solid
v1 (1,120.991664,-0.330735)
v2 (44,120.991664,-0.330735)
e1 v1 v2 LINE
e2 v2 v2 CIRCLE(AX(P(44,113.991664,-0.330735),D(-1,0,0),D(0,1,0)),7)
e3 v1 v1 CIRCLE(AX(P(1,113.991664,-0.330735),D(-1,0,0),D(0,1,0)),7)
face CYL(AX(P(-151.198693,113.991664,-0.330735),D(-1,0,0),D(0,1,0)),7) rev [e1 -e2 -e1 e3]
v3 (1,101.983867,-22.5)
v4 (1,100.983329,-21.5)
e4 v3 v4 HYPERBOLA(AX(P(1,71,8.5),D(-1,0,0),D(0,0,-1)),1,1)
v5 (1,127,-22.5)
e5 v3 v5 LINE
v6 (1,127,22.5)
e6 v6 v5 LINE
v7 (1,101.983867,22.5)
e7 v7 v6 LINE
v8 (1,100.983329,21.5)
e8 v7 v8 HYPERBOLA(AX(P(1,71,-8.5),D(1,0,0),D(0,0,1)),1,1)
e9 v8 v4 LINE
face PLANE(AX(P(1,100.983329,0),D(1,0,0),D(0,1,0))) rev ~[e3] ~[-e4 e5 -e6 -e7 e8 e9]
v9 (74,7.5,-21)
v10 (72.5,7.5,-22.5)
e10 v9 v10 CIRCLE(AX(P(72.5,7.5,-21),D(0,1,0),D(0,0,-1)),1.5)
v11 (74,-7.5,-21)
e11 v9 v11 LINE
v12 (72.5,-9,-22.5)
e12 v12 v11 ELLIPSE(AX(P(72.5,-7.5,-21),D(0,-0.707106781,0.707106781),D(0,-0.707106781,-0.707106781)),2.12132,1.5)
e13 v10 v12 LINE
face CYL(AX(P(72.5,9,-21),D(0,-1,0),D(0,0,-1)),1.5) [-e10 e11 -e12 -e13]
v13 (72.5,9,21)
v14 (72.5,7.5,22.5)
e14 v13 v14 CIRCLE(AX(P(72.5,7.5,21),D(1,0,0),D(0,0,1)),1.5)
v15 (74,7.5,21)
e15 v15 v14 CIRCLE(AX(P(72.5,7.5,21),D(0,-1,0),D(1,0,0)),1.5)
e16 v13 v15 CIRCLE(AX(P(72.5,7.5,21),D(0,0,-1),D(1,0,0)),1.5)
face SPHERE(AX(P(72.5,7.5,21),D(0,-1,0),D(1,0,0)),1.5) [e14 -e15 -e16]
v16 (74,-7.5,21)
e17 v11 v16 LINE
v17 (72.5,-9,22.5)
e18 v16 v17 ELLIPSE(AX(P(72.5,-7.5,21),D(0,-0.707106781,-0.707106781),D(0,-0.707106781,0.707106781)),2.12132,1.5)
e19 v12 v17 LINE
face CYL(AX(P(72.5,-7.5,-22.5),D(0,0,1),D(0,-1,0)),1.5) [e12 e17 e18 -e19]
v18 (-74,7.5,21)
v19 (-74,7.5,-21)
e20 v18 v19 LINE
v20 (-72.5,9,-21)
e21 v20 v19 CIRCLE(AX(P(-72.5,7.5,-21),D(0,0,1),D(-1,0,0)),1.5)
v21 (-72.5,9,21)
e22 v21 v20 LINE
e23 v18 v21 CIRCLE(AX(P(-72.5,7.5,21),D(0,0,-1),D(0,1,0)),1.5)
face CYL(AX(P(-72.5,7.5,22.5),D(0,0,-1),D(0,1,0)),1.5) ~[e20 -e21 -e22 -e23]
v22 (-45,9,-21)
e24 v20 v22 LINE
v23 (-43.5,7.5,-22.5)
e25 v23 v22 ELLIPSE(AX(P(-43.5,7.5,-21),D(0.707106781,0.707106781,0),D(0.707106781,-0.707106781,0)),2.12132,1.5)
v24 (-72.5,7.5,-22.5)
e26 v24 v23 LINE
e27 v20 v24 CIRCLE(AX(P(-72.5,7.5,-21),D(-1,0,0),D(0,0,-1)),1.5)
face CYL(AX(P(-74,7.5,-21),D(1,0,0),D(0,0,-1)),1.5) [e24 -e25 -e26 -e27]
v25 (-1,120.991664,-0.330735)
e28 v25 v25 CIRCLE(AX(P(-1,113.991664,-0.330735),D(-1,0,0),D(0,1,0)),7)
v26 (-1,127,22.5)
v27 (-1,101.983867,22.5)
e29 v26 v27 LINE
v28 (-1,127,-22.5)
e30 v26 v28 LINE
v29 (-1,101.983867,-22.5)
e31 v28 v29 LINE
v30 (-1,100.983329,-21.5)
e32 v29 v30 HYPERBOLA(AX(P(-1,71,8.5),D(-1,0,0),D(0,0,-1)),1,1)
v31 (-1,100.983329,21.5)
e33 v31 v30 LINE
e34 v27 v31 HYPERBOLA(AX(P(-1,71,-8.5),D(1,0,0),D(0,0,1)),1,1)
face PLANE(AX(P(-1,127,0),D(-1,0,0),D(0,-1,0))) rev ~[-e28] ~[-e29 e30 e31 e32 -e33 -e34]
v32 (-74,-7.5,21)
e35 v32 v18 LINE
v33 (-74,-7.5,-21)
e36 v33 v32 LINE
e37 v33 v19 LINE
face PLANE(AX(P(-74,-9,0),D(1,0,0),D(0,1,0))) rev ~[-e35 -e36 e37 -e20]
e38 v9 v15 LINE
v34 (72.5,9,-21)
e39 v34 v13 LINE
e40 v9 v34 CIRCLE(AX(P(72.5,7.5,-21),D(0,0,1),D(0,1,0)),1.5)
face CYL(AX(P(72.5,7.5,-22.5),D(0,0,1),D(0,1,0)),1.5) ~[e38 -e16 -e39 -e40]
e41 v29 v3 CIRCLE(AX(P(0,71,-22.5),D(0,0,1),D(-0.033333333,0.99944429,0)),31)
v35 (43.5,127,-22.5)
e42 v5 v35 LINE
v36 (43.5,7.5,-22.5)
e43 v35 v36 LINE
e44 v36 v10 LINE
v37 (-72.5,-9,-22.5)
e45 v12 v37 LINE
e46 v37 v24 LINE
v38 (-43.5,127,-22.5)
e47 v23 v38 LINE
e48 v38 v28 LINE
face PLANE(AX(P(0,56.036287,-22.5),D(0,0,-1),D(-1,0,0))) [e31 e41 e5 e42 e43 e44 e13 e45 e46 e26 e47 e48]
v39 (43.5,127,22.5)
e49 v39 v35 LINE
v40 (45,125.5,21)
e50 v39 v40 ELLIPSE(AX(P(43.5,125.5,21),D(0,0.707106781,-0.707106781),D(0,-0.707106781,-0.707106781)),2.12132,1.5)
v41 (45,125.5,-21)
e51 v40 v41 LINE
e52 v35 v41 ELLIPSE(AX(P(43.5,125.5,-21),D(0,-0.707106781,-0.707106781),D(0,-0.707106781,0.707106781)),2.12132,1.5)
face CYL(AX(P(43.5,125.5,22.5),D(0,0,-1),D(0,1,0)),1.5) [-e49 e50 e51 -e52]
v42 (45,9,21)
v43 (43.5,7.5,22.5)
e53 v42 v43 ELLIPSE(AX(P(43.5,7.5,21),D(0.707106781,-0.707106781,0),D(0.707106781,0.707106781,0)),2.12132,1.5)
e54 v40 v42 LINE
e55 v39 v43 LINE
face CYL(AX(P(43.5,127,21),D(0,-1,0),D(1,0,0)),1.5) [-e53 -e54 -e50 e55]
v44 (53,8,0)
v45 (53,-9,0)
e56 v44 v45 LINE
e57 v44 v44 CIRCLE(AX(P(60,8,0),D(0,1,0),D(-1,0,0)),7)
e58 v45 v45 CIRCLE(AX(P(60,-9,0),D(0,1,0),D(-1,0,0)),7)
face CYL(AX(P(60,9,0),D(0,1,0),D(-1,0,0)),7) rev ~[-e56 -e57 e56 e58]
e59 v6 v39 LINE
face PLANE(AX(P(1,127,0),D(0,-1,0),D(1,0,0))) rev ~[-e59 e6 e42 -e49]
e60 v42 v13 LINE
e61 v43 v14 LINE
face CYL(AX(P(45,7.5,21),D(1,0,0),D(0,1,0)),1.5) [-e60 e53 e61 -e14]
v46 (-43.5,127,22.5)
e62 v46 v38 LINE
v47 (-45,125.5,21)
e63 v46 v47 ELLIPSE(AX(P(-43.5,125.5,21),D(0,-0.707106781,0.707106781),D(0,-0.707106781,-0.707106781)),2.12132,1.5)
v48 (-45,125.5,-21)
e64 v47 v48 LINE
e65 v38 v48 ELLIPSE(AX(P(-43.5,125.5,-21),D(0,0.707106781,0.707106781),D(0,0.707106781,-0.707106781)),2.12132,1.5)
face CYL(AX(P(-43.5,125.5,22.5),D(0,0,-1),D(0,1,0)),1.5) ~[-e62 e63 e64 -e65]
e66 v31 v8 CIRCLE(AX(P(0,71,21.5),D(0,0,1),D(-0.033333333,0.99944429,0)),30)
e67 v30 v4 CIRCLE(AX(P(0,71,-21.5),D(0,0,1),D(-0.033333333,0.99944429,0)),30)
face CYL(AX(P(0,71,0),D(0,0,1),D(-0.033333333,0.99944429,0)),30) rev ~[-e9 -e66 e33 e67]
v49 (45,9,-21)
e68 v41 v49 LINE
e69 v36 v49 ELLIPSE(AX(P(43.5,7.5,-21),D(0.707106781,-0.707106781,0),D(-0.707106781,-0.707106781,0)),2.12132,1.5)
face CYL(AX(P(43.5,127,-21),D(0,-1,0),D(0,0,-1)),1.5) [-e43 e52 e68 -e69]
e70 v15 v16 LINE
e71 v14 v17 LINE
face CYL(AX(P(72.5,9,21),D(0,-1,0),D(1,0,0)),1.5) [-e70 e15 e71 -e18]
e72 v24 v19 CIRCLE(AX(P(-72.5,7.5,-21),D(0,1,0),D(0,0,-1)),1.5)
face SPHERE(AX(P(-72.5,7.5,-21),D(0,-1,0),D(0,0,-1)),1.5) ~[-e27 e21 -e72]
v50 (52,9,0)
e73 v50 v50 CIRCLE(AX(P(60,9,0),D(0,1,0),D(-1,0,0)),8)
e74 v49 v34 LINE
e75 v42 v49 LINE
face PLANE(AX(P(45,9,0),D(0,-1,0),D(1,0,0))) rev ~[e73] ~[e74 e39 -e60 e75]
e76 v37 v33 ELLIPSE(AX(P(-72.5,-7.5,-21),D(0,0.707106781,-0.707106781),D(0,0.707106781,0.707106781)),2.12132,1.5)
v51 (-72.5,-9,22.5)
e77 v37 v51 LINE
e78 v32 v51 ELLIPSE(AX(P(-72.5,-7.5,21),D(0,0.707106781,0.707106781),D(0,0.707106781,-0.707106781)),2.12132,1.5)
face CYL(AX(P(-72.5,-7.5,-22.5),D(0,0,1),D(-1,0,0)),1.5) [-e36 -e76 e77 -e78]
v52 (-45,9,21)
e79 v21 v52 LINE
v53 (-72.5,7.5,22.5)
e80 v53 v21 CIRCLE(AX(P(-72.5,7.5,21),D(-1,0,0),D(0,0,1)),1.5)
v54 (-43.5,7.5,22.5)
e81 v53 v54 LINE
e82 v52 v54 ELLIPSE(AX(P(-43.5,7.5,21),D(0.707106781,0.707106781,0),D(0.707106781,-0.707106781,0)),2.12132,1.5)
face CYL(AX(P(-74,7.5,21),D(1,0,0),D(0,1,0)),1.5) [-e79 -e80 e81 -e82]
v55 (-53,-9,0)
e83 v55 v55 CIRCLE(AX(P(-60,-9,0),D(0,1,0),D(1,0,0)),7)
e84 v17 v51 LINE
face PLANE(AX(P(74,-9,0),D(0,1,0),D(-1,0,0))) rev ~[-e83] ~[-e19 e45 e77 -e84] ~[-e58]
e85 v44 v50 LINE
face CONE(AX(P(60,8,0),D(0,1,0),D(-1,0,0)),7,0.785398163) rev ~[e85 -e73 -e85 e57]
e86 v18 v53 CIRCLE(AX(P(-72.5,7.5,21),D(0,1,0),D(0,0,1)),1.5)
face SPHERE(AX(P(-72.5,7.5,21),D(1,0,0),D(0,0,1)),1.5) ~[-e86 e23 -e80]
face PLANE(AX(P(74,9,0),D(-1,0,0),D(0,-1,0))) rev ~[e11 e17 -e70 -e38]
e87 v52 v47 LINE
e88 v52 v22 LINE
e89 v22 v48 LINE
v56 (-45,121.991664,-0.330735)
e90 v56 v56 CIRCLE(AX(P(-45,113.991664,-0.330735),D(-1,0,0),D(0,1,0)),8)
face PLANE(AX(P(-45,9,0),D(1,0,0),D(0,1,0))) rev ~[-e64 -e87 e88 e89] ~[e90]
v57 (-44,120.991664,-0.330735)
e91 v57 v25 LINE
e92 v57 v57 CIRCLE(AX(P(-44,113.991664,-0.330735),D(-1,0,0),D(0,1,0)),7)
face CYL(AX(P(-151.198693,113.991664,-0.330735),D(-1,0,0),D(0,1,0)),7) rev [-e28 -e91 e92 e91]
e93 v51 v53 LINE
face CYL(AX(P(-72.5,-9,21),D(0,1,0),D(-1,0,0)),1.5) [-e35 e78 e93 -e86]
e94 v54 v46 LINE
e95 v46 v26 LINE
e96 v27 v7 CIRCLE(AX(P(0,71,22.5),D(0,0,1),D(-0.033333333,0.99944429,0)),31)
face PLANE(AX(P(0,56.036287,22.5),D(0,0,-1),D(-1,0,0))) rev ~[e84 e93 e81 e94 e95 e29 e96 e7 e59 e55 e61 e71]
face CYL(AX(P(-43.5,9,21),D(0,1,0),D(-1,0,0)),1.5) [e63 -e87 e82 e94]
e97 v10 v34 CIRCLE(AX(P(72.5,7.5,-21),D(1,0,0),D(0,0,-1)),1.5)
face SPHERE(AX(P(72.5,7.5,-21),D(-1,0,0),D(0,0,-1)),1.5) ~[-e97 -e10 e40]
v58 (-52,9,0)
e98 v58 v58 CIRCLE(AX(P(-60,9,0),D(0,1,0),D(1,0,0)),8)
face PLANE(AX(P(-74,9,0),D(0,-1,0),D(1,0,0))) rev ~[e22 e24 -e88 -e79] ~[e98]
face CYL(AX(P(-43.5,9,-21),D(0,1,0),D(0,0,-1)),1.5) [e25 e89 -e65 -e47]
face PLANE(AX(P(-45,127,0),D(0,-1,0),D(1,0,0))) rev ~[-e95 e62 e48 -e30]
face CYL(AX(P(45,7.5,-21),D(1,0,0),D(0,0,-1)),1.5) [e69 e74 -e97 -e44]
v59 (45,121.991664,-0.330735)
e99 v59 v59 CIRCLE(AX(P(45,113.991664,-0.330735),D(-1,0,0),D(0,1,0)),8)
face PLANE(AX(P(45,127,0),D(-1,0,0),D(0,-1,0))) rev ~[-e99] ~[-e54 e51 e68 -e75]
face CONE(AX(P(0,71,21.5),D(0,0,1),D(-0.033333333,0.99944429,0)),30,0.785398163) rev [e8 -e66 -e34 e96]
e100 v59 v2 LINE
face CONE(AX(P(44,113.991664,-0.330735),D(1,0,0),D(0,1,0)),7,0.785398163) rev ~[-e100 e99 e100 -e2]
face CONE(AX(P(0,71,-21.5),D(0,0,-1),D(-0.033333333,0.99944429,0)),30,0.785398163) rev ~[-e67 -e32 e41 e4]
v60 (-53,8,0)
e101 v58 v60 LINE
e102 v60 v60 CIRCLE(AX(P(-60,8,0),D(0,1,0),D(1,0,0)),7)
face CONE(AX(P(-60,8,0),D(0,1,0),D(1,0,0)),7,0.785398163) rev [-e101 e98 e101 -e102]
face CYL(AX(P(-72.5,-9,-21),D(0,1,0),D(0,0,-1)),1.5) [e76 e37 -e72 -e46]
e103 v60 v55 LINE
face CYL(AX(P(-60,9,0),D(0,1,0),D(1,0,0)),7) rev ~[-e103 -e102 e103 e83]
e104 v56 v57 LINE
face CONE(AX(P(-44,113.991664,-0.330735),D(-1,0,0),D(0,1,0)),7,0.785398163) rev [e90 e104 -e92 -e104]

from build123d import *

# Parameters (mm, degrees)
BOSS_EXTRUDE1_DEPTH     = 22.5
SKETCH2_R               = 7
CUT_EXTRUDE1_DEPTH      = 142.089510595
CUT_EXTRUDE2_DEPTH      = 150.198693024
CUT_EXTRUDE2_DEPTH_BACK = 150.198693024
SKETCH5_R               = 7
CHAMFER2_SIZE           = 1
FILLET2_R               = 1.5


with BuildPart() as part:
    # Sketch1 → Boss-Extrude1 (new, symmetric)
    with BuildSketch(Plane.XY):
        with BuildLine():
            Line((-74, -9), (-74, 9))
            Line((-74, 9), (-45, 9))
            Line((-45, 9), (-45, 127))
            Line((-45, 127), (-1, 127))
            Line((-1, 127), (-1, 100.983328701))
            ThreePointArc((-1, 100.983328701), (0, 41), (1, 100.983328701))
            Line((1, 100.983328701), (1, 127))
            Line((1, 127), (45, 127))
            Line((45, 127), (45, 9))
            Line((45, 9), (74, 9))
            Line((74, 9), (74, -9))
            Line((74, -9), (-74, -9))
        make_face()
    extrude(amount=BOSS_EXTRUDE1_DEPTH, both=True)

    # Sketch2 → Cut-Extrude1 (cut, through all)
    with BuildSketch(Plane(origin=(0, 9, 0), x_dir=(1, 0, 0), z_dir=(0, 1, 0))):
        with Locations(Location((60, 0, 0), (0, 0, 180))):
            Circle(SKETCH2_R)
        with Locations((-60, 0)):
            Circle(SKETCH2_R)
    extrude(amount=-CUT_EXTRUDE1_DEPTH, mode=Mode.SUBTRACT)

    # Sketch5 → Cut-Extrude2 (cut, two sides: drawn at the far end of the back side and taken through both)
    with BuildSketch(Plane(origin=(-1, 0, 0), x_dir=(0, 0, -1), z_dir=(1, 0, 0)).offset(-CUT_EXTRUDE2_DEPTH_BACK)):
        with Locations(Location((0.330734984, 113.991664351, 0), (0, 0, 90))):
            Circle(SKETCH5_R)
    extrude(amount=CUT_EXTRUDE2_DEPTH + CUT_EXTRUDE2_DEPTH_BACK, mode=Mode.SUBTRACT)

    # Chamfer2
    chamfer2_edges = [part.edges().sort_by_distance(p)[0] for p in [
        (0, 41, -22.5),
        (0, 41, 22.5),
        (67, 9, 0),
        (-67, 9, 0),
        (-45, 106.991664351, -0.330734984),
        (45, 106.991664351, -0.330734984),
    ]]
    chamfer(chamfer2_edges, length=CHAMFER2_SIZE)

    # Fillet2
    fillet2_edges = [part.edges().sort_by_distance(p)[0] for p in [
        (-59.5, 9, 22.5),
        (45, 68, -22.5),
        (59.5, 9, -22.5),
        (-74, 0, 22.5),
        (74, 0, -22.5),
        (-74, 0, -22.5),
        (-59.5, 9, -22.5),
        (-45, 68, -22.5),
        (74, 0, 22.5),
        (45, 127, 0),
        (74, 9, 0),
        (74, -9, 0),
        (-74, -9, 0),
        (-74, 9, 0),
        (-45, 127, 0),
        (59.5, 9, 22.5),
        (45, 68, 22.5),
        (-45, 68, 22.5),
    ]]
    fillet(fillet2_edges, radius=FILLET2_R)


solid = part.part
